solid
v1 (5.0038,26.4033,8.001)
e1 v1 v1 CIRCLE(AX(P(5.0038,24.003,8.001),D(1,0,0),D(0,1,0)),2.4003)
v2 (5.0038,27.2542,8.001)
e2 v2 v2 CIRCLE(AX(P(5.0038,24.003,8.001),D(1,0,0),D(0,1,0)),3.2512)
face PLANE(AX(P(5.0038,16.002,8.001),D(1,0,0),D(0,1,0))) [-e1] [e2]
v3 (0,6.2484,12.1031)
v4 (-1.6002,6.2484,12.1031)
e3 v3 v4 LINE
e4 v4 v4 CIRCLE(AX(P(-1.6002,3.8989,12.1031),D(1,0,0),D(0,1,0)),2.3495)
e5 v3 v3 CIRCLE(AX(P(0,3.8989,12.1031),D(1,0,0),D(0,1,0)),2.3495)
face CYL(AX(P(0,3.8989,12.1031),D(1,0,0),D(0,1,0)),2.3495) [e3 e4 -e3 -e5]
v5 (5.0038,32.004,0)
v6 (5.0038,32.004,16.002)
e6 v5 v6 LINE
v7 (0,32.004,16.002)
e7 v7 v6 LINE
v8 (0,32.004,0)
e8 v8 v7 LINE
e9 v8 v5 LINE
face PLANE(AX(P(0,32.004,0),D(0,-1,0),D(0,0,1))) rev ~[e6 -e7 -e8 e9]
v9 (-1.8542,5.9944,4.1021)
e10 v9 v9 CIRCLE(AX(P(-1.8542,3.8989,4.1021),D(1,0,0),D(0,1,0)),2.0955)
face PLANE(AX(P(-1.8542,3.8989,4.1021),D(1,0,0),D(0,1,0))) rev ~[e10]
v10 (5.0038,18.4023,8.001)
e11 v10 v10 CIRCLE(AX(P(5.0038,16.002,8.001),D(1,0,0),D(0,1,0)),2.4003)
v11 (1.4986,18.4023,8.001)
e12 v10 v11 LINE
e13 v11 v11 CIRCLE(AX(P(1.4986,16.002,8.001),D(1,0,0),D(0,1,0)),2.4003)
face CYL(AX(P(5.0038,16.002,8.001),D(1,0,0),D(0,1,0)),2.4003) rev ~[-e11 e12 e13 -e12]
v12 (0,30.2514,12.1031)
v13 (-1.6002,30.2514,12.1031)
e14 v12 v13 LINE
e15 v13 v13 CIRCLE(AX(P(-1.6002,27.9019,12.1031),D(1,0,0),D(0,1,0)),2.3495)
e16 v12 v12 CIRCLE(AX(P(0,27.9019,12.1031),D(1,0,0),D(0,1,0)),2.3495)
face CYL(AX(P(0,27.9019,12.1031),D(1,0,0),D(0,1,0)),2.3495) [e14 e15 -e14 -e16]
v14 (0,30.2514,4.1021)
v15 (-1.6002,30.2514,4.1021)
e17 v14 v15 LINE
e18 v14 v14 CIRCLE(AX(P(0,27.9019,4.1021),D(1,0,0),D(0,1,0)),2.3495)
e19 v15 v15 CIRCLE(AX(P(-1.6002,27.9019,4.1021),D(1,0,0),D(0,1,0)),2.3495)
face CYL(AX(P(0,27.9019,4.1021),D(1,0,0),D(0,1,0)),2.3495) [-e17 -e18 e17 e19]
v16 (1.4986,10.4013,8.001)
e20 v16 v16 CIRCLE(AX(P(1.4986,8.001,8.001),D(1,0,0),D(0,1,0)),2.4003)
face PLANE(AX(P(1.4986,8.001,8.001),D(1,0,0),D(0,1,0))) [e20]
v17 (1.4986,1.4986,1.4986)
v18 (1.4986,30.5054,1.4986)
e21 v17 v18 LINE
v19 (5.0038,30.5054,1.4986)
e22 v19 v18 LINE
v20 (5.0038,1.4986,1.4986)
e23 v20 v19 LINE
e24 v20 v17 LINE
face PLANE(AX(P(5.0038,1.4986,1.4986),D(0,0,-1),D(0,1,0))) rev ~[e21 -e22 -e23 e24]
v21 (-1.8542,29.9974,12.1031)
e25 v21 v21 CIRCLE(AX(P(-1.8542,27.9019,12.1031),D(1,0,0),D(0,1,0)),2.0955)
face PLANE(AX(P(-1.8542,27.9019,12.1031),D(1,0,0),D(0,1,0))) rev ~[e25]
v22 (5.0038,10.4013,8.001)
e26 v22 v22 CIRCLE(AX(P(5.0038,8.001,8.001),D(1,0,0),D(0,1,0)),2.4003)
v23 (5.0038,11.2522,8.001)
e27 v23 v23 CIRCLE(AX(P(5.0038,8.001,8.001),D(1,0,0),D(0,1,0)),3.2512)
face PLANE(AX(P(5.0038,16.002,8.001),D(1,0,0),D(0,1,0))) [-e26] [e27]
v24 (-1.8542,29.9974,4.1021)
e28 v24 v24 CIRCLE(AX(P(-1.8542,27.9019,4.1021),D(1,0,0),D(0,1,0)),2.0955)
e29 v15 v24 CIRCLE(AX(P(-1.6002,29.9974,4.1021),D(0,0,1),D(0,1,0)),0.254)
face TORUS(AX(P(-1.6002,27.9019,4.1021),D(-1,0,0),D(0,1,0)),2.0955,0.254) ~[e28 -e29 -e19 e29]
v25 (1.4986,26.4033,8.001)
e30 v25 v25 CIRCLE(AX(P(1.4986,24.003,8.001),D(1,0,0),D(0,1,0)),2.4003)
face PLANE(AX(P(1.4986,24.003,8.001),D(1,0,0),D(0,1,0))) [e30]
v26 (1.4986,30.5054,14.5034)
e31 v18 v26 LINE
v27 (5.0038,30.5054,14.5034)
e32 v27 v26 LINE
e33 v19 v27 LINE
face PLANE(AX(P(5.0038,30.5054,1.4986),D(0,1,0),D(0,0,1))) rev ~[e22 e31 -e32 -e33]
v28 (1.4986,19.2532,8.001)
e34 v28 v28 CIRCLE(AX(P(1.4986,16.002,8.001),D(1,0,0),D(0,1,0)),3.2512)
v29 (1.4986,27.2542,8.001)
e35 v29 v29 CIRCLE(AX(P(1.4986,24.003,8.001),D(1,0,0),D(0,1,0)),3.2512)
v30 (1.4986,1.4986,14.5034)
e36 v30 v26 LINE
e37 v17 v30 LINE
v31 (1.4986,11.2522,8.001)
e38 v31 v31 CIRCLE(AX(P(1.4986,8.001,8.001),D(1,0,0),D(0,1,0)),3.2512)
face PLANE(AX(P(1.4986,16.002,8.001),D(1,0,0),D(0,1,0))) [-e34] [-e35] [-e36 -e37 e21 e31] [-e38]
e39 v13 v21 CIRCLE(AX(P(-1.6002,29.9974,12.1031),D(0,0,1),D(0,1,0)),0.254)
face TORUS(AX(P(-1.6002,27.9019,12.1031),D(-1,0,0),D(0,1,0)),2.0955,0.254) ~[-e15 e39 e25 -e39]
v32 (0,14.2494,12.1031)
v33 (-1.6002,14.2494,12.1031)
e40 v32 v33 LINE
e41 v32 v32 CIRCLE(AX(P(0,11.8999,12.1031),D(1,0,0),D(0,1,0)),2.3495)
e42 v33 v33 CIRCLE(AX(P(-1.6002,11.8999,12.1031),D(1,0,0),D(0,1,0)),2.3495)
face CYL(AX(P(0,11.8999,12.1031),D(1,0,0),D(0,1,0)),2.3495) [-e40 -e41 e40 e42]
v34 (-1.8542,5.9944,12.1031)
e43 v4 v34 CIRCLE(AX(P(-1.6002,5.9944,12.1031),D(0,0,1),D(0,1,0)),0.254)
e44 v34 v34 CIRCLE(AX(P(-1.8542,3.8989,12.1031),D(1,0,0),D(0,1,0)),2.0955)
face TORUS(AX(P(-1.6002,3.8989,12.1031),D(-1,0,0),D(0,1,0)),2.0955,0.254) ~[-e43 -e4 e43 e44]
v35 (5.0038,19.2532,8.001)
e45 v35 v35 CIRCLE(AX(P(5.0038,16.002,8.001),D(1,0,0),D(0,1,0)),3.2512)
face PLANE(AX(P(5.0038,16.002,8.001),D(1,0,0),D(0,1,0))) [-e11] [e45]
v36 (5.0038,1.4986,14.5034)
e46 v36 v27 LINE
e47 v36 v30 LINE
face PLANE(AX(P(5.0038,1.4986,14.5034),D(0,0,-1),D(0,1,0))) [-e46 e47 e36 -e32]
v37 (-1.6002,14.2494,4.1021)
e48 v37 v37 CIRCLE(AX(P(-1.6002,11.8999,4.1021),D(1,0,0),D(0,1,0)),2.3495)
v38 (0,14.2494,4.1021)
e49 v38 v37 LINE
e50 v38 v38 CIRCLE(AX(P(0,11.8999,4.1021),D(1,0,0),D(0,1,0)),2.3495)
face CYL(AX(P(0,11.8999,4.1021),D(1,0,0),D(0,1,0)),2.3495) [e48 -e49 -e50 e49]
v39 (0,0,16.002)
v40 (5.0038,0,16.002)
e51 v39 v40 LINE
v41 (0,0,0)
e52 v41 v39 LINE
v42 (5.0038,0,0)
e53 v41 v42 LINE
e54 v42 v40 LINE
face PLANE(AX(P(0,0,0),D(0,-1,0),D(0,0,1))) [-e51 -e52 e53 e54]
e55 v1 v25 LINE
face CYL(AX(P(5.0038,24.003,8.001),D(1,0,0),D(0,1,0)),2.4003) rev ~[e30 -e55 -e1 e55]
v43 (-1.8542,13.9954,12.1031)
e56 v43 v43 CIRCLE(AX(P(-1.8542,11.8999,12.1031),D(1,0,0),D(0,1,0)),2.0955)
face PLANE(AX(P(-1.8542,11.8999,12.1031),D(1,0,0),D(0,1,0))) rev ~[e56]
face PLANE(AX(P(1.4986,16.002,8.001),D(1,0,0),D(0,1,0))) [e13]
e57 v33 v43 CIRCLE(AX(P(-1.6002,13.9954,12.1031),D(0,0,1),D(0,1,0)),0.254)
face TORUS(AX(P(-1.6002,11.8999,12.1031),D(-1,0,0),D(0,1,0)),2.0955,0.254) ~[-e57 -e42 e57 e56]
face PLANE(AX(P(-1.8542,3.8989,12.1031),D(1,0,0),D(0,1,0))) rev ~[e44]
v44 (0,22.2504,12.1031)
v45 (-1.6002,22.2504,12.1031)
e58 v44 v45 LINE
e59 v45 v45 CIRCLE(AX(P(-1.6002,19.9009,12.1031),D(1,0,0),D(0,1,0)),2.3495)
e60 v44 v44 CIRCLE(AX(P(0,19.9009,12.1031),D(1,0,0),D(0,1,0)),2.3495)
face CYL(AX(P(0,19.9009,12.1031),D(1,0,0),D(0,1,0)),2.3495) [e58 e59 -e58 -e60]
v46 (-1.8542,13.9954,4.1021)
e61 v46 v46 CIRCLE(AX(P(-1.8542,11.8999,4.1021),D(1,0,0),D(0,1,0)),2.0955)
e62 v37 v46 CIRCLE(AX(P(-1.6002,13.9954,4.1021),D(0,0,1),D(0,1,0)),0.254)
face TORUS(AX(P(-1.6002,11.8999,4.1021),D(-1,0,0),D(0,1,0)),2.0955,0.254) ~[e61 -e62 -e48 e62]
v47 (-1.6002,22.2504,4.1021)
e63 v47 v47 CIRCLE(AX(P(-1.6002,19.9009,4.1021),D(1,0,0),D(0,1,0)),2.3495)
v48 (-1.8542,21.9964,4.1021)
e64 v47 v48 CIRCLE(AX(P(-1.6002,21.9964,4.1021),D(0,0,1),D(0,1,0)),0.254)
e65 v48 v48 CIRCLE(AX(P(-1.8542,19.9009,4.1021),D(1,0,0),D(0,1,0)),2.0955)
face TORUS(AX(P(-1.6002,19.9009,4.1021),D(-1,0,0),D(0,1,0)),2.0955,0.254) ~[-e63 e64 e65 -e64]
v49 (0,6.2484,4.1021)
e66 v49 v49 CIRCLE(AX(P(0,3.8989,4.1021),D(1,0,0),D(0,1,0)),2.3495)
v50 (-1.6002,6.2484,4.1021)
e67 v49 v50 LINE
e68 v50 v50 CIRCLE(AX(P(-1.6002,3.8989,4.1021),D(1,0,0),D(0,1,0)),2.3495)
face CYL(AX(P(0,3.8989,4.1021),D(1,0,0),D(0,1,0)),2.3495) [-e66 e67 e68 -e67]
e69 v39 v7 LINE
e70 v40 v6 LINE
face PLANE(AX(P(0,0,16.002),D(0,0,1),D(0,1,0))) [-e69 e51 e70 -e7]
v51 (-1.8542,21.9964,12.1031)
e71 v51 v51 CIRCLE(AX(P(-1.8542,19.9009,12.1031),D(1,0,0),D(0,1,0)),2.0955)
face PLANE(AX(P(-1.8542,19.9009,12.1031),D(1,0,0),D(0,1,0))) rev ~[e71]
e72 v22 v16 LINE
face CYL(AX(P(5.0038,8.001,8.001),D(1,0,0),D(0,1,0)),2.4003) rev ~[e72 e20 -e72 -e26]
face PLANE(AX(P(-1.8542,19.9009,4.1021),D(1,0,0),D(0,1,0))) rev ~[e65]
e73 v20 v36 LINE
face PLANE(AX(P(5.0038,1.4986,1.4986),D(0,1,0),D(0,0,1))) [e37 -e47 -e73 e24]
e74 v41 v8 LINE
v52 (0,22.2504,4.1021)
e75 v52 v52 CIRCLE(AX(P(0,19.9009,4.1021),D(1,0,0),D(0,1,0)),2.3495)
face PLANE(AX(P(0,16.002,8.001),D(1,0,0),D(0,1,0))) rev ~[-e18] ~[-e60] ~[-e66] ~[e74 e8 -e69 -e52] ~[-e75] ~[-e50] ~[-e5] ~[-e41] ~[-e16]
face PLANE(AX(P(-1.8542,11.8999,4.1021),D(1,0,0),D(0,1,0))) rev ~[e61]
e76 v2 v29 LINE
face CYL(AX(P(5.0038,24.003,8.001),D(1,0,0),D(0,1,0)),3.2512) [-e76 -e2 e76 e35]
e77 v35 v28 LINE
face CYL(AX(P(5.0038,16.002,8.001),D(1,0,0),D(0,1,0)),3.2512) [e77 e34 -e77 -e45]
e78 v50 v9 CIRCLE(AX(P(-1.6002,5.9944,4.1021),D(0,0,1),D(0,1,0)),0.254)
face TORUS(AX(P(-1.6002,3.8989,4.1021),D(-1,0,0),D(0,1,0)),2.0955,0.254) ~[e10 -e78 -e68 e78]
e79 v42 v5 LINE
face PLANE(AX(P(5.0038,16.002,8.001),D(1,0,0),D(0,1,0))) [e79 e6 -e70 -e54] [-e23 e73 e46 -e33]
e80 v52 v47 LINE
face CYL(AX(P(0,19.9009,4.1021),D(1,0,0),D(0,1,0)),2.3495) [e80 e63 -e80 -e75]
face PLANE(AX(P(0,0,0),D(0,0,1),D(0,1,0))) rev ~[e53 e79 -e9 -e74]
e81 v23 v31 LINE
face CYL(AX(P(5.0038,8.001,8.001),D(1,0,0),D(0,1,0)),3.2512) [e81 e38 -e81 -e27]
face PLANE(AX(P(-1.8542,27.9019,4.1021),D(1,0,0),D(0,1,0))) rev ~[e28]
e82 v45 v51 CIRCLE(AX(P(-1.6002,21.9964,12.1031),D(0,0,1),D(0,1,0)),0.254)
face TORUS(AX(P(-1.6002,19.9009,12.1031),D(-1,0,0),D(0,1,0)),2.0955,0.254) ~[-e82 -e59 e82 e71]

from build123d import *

# Parameters (mm, degrees)
F0_W     = 32.004
F0_H     = 16.002
F1_DEPTH = 5.0038
F2_R     = 2.3495
F3_DEPTH = 1.8542
F4_R     = 0.254
F5_W     = 29.0068
F5_H     = 13.0048
F5_R     = 3.2512
F5_R_2   = 2.4003
F6_DEPTH = 3.5052


with BuildPart() as f1:
    # F0 (on Right) → F1 (new body)
    with BuildSketch(Plane.YZ):
        with Locations((16.002, 8.001)):
            Rectangle(F0_W, F0_H)
    extrude(amount=F1_DEPTH)

    # F2 (on Right) → F3 (join)
    with BuildSketch(Plane.YZ):
        with Locations((3.8989, 12.1031)):
            Circle(F2_R)
        with Locations((11.8999, 12.1031)):
            Circle(F2_R)
        with Locations((19.9009, 12.1031)):
            Circle(F2_R)
        with Locations((27.9019, 12.1031)):
            Circle(F2_R)
        with Locations((27.9019, 4.1021)):
            Circle(F2_R)
        with Locations((19.9009, 4.1021)):
            Circle(F2_R)
        with Locations((11.8999, 4.1021)):
            Circle(F2_R)
        with Locations((3.8989, 4.1021)):
            Circle(F2_R)
    extrude(amount=-F3_DEPTH)

    # F4
    f4_edges = [f1.edges().sort_by_distance(p)[0] for p in [
        (-1.8542, 25.5524, 4.1021),
        (-1.8542, 25.5524, 12.1031),
        (-1.8542, 17.5514, 12.1031),
        (-1.8542, 17.5514, 4.1021),
        (-1.8542, 9.5504, 4.1021),
        (-1.8542, 9.5504, 12.1031),
        (-1.8542, 1.5494, 12.1031),
        (-1.8542, 1.5494, 4.1021),
    ]]
    fillet(f4_edges, radius=F4_R)

    # F5 (on face) → F6 (cut)
    with BuildSketch(Plane.YZ.offset(5.0038)):
        with Locations((16.002, 8.001)):
            Rectangle(F5_W, F5_H)
        with Locations((8.001, 8.001)):
            Circle(F5_R, mode=Mode.SUBTRACT)
        with Locations((16.002, 8.001)):
            Circle(F5_R, mode=Mode.SUBTRACT)
        with Locations((24.003, 8.001)):
            Circle(F5_R, mode=Mode.SUBTRACT)
        with Locations((24.003, 8.001)):
            Circle(F5_R_2)
        with Locations((16.002, 8.001)):
            Circle(F5_R_2)
        with Locations((8.001, 8.001)):
            Circle(F5_R_2)
    extrude(amount=-F6_DEPTH, mode=Mode.SUBTRACT)


solid = f1.part
